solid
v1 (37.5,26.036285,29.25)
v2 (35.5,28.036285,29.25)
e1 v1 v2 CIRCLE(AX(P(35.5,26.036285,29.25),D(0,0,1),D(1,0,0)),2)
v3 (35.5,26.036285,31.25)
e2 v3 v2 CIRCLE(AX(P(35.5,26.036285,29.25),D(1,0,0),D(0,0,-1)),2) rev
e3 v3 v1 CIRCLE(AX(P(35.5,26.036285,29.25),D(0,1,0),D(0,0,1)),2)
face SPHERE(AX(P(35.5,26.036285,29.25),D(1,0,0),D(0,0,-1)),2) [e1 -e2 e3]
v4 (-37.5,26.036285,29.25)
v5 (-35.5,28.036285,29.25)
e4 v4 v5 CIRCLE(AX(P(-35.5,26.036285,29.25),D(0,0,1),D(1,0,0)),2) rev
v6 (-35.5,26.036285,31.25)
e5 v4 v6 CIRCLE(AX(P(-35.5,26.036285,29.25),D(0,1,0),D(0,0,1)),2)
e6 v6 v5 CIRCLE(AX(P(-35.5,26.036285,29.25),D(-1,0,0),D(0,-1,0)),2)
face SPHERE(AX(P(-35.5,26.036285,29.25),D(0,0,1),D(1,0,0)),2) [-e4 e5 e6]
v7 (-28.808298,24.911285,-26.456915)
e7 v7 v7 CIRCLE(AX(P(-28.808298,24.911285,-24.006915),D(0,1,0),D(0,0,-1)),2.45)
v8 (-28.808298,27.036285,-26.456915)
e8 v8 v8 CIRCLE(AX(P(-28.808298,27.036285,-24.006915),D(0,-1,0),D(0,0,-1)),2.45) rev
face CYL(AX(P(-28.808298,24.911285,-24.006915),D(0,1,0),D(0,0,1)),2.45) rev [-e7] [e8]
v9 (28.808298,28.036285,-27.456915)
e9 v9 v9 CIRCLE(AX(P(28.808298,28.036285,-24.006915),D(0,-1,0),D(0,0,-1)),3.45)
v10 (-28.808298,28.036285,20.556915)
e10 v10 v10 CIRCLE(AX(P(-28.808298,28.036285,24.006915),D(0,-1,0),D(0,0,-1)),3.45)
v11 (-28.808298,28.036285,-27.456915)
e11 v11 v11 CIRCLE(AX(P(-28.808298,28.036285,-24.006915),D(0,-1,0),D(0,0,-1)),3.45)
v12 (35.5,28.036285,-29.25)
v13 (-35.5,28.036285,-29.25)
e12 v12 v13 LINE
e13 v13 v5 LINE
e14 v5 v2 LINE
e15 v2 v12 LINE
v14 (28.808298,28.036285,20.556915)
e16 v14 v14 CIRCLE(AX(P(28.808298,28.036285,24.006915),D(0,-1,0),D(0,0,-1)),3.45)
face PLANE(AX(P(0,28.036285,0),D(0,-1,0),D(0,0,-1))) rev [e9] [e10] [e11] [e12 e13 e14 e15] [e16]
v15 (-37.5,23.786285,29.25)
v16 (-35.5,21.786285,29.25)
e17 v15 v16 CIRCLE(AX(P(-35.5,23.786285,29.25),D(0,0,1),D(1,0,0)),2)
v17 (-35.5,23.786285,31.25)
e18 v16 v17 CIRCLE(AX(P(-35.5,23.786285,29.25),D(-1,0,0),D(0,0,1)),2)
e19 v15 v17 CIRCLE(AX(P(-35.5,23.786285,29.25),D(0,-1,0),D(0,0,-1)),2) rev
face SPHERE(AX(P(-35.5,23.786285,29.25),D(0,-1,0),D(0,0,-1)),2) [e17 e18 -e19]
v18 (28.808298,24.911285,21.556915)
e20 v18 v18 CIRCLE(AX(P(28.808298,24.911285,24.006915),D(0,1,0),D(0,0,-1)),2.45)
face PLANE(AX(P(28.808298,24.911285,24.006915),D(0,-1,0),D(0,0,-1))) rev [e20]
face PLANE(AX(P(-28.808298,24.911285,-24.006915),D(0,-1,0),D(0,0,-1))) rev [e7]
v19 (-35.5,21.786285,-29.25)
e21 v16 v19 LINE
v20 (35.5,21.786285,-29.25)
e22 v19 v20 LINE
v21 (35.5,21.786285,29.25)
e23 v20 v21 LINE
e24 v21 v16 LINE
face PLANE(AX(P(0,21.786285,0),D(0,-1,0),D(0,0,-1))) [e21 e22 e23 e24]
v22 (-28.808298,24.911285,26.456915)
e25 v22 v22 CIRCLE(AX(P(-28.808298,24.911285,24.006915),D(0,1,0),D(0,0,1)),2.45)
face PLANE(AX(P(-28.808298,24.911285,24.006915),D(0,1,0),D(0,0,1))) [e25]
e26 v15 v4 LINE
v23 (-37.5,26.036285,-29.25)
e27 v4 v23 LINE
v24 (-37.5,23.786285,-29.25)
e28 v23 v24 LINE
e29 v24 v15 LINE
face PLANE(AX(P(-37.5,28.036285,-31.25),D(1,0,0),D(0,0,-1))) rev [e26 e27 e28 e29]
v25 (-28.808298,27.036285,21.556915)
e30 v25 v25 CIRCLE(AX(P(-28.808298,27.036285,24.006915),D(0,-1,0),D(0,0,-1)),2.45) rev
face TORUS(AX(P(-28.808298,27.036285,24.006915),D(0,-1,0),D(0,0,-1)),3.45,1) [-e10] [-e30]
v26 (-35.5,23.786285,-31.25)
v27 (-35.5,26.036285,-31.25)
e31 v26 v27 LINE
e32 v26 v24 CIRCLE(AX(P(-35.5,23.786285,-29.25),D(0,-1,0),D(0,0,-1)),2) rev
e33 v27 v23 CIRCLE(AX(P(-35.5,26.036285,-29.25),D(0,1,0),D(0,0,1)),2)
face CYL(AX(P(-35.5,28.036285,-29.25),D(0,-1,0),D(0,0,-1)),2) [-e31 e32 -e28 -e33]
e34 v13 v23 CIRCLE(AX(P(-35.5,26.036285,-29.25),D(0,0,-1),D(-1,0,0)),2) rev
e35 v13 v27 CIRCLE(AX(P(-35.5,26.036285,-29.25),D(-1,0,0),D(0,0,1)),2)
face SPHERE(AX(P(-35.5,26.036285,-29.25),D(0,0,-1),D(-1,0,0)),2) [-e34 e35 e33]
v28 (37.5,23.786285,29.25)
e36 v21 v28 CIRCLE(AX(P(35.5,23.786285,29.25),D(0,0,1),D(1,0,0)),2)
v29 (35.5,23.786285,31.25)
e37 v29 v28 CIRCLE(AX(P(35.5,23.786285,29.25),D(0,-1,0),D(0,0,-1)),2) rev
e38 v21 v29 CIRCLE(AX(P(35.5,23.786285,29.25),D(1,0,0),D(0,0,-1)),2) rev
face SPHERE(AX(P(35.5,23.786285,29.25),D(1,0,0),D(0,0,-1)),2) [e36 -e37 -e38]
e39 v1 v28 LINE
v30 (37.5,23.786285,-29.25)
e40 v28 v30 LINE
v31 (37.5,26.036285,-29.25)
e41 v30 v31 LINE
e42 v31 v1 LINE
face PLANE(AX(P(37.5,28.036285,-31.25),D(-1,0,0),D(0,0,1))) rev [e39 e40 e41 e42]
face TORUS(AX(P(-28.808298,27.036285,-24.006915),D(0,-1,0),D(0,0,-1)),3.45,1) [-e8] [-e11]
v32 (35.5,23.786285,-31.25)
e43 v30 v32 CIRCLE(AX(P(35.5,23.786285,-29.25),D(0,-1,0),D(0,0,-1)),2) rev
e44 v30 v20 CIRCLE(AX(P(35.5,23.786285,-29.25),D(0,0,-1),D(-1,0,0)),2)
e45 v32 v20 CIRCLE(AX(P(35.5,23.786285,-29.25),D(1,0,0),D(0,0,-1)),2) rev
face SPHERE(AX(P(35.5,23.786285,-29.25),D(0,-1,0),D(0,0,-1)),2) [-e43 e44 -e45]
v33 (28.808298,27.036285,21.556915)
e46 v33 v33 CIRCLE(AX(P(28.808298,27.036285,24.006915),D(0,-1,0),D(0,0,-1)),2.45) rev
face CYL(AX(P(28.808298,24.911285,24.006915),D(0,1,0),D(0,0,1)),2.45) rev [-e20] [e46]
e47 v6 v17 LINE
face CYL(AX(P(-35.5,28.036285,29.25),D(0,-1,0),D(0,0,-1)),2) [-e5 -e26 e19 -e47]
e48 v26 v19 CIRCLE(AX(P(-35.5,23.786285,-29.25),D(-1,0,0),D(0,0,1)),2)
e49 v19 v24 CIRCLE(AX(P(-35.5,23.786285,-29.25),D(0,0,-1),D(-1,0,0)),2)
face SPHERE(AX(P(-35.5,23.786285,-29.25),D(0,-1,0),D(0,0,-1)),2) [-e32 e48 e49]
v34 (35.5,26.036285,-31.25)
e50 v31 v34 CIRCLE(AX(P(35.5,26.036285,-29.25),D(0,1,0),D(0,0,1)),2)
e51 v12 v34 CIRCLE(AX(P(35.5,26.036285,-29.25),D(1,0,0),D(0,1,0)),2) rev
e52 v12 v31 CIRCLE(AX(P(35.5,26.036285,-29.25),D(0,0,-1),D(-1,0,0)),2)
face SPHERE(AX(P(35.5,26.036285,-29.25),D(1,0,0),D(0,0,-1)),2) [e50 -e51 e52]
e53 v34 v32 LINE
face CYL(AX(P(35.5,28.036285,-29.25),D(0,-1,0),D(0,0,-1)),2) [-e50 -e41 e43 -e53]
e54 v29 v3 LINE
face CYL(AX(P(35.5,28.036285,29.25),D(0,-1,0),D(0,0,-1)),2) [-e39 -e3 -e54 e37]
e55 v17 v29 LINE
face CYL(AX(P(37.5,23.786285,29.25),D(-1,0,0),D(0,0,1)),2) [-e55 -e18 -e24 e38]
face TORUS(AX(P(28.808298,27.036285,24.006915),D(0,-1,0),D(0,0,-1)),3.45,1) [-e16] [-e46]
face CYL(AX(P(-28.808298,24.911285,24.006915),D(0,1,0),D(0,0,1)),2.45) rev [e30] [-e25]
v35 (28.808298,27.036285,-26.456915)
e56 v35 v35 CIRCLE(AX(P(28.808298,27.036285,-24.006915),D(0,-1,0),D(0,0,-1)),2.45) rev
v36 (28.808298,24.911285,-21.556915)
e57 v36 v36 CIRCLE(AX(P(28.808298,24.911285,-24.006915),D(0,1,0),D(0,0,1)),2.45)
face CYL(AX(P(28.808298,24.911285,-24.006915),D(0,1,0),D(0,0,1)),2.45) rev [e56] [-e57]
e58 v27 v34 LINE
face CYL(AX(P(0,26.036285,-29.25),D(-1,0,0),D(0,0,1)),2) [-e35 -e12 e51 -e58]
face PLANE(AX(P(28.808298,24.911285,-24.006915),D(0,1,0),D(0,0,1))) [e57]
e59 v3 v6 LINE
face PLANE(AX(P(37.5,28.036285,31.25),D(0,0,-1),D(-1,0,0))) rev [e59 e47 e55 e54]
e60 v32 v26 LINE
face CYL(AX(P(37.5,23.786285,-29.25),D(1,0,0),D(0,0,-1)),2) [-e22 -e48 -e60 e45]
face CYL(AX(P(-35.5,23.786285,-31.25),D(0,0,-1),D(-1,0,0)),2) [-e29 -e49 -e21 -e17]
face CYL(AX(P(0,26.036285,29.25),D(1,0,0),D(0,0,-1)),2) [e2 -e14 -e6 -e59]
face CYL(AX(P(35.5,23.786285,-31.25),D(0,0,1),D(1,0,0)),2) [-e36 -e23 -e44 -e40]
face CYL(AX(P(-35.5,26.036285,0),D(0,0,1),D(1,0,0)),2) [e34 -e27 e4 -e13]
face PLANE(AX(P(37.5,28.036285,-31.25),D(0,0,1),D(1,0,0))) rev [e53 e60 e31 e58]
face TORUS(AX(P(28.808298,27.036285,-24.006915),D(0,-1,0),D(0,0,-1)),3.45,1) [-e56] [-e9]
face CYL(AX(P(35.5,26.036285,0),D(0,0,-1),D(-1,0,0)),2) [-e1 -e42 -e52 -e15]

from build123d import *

# Parameters (mm, degrees)
SKETCH1_W           = 600
SKETCH1_H           = 500
BOSS_EXTRUDE1_DEPTH = 50
SKETCH2_R           = 19.6
CUT_EXTRUDE1_DEPTH  = 25
SCALE1_SCALE        = 0.125
FILLET4_R           = 1
FILLET7_R           = 2


with BuildPart() as part:
    # Sketch1 → Boss-Extrude1 (new body)
    with BuildSketch(Plane(origin=(0, 0, 0), x_dir=(1, 0, 0), z_dir=(0, 1, 0))):
        Rectangle(SKETCH1_W, SKETCH1_H)
    extrude(amount=BOSS_EXTRUDE1_DEPTH)

    # Sketch2 → Cut-Extrude1 (cut)
    with BuildSketch(Plane(origin=(0, 50, 0), x_dir=(1, 0, 0), z_dir=(0, 1, 0))):
        with Locations((-230.466383879, -192.055319899)):
            Circle(SKETCH2_R)
        with Locations((230.466383879, 192.055319899)):
            Circle(SKETCH2_R)
        with Locations((230.466383879, -192.055319899)):
            Circle(SKETCH2_R)
        with Locations((-230.466383879, 192.055319899)):
            Circle(SKETCH2_R)
    extrude(amount=-CUT_EXTRUDE1_DEPTH, mode=Mode.SUBTRACT)


with BuildPart() as part_1:
    # Scale1: scaled about (0, 24.898611392, 0)
    add(part.part.scale(SCALE1_SCALE).moved(Location((0, 21.786284968, 0))))

    # Fillet4
    fillet4_edges = [part_1.edges().sort_by_distance(p)[0] for p in [
        (-31.258297985, 28.036284968, -24.006914987),
        (26.358297985, 28.036284968, 24.006914987),
        (26.358297985, 28.036284968, -24.006914987),
        (-31.258297985, 28.036284968, 24.006914987),
    ]]
    fillet(fillet4_edges, radius=FILLET4_R)

    # Fillet7
    fillet7_edges = [part_1.edges().sort_by_distance(p)[0] for p in [
        (37.5, 28.036284968, 0),
        (0, 28.036284968, -31.25),
        (-37.5, 28.036284968, 0),
        (0, 21.786284968, -31.25),
        (37.5, 21.786284968, 0),
        (0, 21.786284968, 31.25),
        (-37.5, 21.786284968, 0),
        (-37.5, 24.911284968, -31.25),
        (37.5, 24.911284968, -31.25),
        (37.5, 24.911284968, 31.25),
        (-37.5, 24.911284968, 31.25),
        (0, 28.036284968, 31.25),
    ]]
    fillet(fillet7_edges, radius=FILLET7_R)


solid = part_1.part
